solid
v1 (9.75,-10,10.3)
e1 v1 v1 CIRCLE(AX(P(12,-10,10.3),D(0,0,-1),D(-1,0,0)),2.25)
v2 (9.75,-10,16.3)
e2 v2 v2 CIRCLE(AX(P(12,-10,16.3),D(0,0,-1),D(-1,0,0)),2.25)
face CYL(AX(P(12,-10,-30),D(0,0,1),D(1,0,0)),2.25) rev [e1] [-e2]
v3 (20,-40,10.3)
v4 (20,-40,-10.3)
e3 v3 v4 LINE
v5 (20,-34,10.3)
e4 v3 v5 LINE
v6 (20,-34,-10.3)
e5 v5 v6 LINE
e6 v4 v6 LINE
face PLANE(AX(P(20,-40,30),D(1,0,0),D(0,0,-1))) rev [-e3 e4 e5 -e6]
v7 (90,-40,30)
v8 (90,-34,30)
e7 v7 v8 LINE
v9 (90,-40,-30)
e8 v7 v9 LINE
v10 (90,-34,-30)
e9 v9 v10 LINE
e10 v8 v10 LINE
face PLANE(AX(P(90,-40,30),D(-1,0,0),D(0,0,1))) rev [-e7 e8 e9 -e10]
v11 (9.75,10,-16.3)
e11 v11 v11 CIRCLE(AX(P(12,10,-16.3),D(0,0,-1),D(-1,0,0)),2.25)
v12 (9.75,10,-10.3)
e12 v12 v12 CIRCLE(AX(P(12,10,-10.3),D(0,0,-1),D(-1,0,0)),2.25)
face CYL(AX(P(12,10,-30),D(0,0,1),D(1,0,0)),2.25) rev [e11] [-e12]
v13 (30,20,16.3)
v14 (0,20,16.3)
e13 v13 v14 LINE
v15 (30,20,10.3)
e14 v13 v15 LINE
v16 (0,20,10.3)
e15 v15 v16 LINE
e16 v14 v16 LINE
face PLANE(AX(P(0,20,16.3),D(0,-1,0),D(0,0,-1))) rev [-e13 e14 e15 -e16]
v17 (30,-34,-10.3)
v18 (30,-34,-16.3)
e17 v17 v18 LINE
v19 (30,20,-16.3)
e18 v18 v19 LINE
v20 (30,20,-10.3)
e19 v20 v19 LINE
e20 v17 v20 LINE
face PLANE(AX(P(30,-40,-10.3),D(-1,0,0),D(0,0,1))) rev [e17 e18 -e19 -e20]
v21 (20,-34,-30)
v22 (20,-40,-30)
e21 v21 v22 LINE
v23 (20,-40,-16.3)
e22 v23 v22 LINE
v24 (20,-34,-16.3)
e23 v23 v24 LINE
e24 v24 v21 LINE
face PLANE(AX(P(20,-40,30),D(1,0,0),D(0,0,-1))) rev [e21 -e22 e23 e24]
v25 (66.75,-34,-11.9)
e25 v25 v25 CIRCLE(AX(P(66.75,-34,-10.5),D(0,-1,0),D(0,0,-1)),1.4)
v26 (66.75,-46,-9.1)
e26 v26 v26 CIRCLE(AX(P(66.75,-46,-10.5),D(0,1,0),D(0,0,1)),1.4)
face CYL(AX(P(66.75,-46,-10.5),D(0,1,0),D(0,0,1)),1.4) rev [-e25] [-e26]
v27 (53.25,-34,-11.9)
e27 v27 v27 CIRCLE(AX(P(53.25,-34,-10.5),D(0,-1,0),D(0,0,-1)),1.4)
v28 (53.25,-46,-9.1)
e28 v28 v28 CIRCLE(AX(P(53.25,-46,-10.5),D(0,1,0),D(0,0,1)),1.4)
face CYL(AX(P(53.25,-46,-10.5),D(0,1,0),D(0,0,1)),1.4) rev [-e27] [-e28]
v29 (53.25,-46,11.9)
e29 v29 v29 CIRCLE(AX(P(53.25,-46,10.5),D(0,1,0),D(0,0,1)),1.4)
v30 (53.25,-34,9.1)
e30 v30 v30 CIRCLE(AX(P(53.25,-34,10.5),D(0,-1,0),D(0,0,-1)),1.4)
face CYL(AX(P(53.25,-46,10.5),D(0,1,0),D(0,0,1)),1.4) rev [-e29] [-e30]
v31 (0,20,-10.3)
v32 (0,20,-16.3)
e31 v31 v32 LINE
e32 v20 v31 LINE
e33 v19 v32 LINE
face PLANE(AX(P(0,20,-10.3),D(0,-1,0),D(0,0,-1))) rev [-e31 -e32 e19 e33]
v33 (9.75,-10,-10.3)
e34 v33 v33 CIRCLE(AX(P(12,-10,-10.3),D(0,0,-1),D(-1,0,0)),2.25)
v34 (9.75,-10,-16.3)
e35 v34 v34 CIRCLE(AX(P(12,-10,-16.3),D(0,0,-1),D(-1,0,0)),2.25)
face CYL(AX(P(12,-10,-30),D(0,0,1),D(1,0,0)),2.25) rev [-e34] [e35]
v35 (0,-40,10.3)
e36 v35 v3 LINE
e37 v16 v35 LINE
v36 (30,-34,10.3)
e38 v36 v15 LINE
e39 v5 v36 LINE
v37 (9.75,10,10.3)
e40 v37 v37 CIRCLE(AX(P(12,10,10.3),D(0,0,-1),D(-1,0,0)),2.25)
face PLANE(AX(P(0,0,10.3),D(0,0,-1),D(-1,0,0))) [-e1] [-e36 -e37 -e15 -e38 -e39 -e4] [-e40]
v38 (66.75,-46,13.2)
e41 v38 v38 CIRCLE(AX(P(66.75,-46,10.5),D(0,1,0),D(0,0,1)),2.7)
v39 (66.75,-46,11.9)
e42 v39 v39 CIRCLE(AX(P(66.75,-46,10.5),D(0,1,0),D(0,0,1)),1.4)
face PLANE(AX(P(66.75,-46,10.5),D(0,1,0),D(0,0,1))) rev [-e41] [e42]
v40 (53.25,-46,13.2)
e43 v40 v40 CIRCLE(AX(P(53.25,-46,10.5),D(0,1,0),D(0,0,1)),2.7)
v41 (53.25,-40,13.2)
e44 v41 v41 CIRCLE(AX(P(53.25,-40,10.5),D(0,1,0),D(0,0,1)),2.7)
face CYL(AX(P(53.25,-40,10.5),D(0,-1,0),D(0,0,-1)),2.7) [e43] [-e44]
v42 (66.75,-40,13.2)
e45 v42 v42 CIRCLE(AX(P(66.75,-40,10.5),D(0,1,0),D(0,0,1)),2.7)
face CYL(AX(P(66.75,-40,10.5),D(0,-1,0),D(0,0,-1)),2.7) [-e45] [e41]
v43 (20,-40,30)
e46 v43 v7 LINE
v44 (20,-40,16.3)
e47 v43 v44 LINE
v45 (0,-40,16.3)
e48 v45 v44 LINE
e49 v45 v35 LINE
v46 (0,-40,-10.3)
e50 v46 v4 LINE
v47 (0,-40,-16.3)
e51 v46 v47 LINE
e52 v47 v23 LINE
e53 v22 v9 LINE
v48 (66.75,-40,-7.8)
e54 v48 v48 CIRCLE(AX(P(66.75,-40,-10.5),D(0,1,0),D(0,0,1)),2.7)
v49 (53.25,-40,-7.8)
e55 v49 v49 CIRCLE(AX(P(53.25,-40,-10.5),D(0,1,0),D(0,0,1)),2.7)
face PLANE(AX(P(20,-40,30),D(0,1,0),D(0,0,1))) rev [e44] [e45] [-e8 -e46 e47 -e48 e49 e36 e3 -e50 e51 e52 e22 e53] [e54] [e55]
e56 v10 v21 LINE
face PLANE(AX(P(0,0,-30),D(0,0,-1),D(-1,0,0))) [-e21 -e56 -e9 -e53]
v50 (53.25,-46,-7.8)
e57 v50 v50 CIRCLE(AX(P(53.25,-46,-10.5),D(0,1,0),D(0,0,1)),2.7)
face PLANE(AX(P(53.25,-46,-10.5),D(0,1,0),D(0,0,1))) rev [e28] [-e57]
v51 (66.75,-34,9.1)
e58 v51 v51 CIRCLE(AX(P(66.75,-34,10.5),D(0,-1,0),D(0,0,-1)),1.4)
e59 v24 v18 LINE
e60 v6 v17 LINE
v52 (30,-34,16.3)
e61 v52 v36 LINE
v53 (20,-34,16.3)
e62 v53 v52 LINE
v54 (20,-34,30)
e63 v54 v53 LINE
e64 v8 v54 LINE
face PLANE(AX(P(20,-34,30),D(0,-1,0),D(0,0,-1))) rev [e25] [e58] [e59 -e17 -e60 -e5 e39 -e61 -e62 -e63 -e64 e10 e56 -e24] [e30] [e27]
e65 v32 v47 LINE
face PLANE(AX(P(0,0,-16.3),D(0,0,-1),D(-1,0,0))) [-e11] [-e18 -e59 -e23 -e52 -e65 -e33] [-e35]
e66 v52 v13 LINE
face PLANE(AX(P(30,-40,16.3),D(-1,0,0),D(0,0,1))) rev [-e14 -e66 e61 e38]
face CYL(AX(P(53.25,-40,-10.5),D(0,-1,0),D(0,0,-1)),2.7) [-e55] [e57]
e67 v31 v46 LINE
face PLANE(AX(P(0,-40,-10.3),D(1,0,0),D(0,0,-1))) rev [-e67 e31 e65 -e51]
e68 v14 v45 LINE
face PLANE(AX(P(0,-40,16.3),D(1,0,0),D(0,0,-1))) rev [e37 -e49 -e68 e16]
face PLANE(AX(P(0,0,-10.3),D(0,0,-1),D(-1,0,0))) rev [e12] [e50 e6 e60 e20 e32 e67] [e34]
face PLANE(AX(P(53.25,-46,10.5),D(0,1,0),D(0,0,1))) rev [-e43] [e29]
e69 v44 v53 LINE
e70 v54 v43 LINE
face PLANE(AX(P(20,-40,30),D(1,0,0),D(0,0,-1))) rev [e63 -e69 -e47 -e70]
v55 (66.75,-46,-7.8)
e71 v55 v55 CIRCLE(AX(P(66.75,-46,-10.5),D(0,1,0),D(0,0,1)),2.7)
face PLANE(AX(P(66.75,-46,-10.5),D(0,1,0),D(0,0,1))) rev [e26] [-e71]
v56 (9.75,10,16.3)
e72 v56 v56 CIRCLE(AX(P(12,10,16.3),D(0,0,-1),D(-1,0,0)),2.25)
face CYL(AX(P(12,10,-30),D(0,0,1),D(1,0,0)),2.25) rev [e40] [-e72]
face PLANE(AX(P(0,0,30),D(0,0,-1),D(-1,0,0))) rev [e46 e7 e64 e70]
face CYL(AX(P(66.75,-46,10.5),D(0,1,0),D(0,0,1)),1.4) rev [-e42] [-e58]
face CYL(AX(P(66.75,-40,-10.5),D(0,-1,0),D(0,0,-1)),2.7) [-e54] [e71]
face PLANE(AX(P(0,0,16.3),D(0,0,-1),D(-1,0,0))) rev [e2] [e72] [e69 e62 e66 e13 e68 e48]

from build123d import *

# Parameters (mm, degrees)
EXTRUDE_START             = -30
SKETCH_1_W                = 70
SKETCH_1_H                = 6
EXTRUDE_250_DEPTH         = 60
EXTRUDE_START_2           = -16.3
SKETCH_2_W                = 30
SKETCH_2_H                = 60
EXTRUDE_16_3_DEPTH        = 6
EXTRUDE_START_3           = 10.3
SKETCH_3_W                = 30
SKETCH_3_H                = 60
EXTRUDE_10_3_DEPTH        = 6
CUT_EXTRUDE_M4_DEPTH      = 103.95630141
CUT_EXTRUDE_M4_DEPTH_BACK = 103.95630141
SKETCH_4_R                = 2.25
F_6MM_START               = -46
SKETCH_5_R                = 2.7
F_6MM_DEPTH               = 6
F_21X13P5_DEPTH           = 106.432442825
F_21X13P5_DEPTH_BACK      = 106.432442825
SKETCH_6_R                = 1.4


with BuildPart() as part:
    # 草图1 → Extrude 250 (new body)
    with BuildSketch(Plane.XY.offset(EXTRUDE_START)):
        with Locations((55, -37)):
            Rectangle(SKETCH_1_W, SKETCH_1_H)
    extrude(amount=EXTRUDE_250_DEPTH)

    # 草图2 → 夹臂侧板-16.3 (add)
    with BuildSketch(Plane.XY.offset(EXTRUDE_START_2)):
        with Locations((15, -10)):
            Rectangle(SKETCH_2_W, SKETCH_2_H)
    extrude(amount=EXTRUDE_16_3_DEPTH)

    # 草图3 → 夹臂侧板10.3 (add)
    with BuildSketch(Plane.XY.offset(EXTRUDE_START_3)):
        with Locations((15, -10)):
            Rectangle(SKETCH_3_W, SKETCH_3_H)
    extrude(amount=EXTRUDE_10_3_DEPTH)

    # 草图4 → 夹臂M4通孔 (cut, two sides: drawn at the far end of the back side and taken through both)
    with BuildSketch(Plane.XY.offset(-CUT_EXTRUDE_M4_DEPTH_BACK)):
        with Locations(Location((12, -10, 0), (0, 0, 180))):
            Circle(SKETCH_4_R)
        with Locations(Location((12, 10, 0), (0, 0, 180))):
            Circle(SKETCH_4_R)
    extrude(amount=CUT_EXTRUDE_M4_DEPTH + CUT_EXTRUDE_M4_DEPTH_BACK, mode=Mode.SUBTRACT)

    # 草图5 → 相机6mm绝缘支柱 (add)
    with BuildSketch(Plane(origin=(0, 0, 0), x_dir=(1, 0, 0), z_dir=(0, 1, 0)).offset(F_6MM_START)):
        with Locations(Location((53.25, -10.5, 0), (0, 0, 270))):
            Circle(SKETCH_5_R)
        with Locations(Location((53.25, 10.5, 0), (0, 0, 270))):
            Circle(SKETCH_5_R)
        with Locations(Location((66.75, -10.5, 0), (0, 0, 270))):
            Circle(SKETCH_5_R)
        with Locations(Location((66.75, 10.5, 0), (0, 0, 270))):
            Circle(SKETCH_5_R)
    extrude(amount=F_6MM_DEPTH)

    # 草图6 → 21x13p5相机孔阵 (cut, two sides: drawn at the far end of the back side and taken through both)
    with BuildSketch(Plane(origin=(0, 0, 0), x_dir=(1, 0, 0), z_dir=(0, 1, 0)).offset(-F_21X13P5_DEPTH_BACK)):
        with Locations(Location((53.25, -10.5, 0), (0, 0, 270))):
            Circle(SKETCH_6_R)
        with Locations(Location((53.25, 10.5, 0), (0, 0, 270))):
            Circle(SKETCH_6_R)
        with Locations(Location((66.75, -10.5, 0), (0, 0, 270))):
            Circle(SKETCH_6_R)
        with Locations(Location((66.75, 10.5, 0), (0, 0, 270))):
            Circle(SKETCH_6_R)
    extrude(amount=F_21X13P5_DEPTH + F_21X13P5_DEPTH_BACK, mode=Mode.SUBTRACT)


solid = part.part
